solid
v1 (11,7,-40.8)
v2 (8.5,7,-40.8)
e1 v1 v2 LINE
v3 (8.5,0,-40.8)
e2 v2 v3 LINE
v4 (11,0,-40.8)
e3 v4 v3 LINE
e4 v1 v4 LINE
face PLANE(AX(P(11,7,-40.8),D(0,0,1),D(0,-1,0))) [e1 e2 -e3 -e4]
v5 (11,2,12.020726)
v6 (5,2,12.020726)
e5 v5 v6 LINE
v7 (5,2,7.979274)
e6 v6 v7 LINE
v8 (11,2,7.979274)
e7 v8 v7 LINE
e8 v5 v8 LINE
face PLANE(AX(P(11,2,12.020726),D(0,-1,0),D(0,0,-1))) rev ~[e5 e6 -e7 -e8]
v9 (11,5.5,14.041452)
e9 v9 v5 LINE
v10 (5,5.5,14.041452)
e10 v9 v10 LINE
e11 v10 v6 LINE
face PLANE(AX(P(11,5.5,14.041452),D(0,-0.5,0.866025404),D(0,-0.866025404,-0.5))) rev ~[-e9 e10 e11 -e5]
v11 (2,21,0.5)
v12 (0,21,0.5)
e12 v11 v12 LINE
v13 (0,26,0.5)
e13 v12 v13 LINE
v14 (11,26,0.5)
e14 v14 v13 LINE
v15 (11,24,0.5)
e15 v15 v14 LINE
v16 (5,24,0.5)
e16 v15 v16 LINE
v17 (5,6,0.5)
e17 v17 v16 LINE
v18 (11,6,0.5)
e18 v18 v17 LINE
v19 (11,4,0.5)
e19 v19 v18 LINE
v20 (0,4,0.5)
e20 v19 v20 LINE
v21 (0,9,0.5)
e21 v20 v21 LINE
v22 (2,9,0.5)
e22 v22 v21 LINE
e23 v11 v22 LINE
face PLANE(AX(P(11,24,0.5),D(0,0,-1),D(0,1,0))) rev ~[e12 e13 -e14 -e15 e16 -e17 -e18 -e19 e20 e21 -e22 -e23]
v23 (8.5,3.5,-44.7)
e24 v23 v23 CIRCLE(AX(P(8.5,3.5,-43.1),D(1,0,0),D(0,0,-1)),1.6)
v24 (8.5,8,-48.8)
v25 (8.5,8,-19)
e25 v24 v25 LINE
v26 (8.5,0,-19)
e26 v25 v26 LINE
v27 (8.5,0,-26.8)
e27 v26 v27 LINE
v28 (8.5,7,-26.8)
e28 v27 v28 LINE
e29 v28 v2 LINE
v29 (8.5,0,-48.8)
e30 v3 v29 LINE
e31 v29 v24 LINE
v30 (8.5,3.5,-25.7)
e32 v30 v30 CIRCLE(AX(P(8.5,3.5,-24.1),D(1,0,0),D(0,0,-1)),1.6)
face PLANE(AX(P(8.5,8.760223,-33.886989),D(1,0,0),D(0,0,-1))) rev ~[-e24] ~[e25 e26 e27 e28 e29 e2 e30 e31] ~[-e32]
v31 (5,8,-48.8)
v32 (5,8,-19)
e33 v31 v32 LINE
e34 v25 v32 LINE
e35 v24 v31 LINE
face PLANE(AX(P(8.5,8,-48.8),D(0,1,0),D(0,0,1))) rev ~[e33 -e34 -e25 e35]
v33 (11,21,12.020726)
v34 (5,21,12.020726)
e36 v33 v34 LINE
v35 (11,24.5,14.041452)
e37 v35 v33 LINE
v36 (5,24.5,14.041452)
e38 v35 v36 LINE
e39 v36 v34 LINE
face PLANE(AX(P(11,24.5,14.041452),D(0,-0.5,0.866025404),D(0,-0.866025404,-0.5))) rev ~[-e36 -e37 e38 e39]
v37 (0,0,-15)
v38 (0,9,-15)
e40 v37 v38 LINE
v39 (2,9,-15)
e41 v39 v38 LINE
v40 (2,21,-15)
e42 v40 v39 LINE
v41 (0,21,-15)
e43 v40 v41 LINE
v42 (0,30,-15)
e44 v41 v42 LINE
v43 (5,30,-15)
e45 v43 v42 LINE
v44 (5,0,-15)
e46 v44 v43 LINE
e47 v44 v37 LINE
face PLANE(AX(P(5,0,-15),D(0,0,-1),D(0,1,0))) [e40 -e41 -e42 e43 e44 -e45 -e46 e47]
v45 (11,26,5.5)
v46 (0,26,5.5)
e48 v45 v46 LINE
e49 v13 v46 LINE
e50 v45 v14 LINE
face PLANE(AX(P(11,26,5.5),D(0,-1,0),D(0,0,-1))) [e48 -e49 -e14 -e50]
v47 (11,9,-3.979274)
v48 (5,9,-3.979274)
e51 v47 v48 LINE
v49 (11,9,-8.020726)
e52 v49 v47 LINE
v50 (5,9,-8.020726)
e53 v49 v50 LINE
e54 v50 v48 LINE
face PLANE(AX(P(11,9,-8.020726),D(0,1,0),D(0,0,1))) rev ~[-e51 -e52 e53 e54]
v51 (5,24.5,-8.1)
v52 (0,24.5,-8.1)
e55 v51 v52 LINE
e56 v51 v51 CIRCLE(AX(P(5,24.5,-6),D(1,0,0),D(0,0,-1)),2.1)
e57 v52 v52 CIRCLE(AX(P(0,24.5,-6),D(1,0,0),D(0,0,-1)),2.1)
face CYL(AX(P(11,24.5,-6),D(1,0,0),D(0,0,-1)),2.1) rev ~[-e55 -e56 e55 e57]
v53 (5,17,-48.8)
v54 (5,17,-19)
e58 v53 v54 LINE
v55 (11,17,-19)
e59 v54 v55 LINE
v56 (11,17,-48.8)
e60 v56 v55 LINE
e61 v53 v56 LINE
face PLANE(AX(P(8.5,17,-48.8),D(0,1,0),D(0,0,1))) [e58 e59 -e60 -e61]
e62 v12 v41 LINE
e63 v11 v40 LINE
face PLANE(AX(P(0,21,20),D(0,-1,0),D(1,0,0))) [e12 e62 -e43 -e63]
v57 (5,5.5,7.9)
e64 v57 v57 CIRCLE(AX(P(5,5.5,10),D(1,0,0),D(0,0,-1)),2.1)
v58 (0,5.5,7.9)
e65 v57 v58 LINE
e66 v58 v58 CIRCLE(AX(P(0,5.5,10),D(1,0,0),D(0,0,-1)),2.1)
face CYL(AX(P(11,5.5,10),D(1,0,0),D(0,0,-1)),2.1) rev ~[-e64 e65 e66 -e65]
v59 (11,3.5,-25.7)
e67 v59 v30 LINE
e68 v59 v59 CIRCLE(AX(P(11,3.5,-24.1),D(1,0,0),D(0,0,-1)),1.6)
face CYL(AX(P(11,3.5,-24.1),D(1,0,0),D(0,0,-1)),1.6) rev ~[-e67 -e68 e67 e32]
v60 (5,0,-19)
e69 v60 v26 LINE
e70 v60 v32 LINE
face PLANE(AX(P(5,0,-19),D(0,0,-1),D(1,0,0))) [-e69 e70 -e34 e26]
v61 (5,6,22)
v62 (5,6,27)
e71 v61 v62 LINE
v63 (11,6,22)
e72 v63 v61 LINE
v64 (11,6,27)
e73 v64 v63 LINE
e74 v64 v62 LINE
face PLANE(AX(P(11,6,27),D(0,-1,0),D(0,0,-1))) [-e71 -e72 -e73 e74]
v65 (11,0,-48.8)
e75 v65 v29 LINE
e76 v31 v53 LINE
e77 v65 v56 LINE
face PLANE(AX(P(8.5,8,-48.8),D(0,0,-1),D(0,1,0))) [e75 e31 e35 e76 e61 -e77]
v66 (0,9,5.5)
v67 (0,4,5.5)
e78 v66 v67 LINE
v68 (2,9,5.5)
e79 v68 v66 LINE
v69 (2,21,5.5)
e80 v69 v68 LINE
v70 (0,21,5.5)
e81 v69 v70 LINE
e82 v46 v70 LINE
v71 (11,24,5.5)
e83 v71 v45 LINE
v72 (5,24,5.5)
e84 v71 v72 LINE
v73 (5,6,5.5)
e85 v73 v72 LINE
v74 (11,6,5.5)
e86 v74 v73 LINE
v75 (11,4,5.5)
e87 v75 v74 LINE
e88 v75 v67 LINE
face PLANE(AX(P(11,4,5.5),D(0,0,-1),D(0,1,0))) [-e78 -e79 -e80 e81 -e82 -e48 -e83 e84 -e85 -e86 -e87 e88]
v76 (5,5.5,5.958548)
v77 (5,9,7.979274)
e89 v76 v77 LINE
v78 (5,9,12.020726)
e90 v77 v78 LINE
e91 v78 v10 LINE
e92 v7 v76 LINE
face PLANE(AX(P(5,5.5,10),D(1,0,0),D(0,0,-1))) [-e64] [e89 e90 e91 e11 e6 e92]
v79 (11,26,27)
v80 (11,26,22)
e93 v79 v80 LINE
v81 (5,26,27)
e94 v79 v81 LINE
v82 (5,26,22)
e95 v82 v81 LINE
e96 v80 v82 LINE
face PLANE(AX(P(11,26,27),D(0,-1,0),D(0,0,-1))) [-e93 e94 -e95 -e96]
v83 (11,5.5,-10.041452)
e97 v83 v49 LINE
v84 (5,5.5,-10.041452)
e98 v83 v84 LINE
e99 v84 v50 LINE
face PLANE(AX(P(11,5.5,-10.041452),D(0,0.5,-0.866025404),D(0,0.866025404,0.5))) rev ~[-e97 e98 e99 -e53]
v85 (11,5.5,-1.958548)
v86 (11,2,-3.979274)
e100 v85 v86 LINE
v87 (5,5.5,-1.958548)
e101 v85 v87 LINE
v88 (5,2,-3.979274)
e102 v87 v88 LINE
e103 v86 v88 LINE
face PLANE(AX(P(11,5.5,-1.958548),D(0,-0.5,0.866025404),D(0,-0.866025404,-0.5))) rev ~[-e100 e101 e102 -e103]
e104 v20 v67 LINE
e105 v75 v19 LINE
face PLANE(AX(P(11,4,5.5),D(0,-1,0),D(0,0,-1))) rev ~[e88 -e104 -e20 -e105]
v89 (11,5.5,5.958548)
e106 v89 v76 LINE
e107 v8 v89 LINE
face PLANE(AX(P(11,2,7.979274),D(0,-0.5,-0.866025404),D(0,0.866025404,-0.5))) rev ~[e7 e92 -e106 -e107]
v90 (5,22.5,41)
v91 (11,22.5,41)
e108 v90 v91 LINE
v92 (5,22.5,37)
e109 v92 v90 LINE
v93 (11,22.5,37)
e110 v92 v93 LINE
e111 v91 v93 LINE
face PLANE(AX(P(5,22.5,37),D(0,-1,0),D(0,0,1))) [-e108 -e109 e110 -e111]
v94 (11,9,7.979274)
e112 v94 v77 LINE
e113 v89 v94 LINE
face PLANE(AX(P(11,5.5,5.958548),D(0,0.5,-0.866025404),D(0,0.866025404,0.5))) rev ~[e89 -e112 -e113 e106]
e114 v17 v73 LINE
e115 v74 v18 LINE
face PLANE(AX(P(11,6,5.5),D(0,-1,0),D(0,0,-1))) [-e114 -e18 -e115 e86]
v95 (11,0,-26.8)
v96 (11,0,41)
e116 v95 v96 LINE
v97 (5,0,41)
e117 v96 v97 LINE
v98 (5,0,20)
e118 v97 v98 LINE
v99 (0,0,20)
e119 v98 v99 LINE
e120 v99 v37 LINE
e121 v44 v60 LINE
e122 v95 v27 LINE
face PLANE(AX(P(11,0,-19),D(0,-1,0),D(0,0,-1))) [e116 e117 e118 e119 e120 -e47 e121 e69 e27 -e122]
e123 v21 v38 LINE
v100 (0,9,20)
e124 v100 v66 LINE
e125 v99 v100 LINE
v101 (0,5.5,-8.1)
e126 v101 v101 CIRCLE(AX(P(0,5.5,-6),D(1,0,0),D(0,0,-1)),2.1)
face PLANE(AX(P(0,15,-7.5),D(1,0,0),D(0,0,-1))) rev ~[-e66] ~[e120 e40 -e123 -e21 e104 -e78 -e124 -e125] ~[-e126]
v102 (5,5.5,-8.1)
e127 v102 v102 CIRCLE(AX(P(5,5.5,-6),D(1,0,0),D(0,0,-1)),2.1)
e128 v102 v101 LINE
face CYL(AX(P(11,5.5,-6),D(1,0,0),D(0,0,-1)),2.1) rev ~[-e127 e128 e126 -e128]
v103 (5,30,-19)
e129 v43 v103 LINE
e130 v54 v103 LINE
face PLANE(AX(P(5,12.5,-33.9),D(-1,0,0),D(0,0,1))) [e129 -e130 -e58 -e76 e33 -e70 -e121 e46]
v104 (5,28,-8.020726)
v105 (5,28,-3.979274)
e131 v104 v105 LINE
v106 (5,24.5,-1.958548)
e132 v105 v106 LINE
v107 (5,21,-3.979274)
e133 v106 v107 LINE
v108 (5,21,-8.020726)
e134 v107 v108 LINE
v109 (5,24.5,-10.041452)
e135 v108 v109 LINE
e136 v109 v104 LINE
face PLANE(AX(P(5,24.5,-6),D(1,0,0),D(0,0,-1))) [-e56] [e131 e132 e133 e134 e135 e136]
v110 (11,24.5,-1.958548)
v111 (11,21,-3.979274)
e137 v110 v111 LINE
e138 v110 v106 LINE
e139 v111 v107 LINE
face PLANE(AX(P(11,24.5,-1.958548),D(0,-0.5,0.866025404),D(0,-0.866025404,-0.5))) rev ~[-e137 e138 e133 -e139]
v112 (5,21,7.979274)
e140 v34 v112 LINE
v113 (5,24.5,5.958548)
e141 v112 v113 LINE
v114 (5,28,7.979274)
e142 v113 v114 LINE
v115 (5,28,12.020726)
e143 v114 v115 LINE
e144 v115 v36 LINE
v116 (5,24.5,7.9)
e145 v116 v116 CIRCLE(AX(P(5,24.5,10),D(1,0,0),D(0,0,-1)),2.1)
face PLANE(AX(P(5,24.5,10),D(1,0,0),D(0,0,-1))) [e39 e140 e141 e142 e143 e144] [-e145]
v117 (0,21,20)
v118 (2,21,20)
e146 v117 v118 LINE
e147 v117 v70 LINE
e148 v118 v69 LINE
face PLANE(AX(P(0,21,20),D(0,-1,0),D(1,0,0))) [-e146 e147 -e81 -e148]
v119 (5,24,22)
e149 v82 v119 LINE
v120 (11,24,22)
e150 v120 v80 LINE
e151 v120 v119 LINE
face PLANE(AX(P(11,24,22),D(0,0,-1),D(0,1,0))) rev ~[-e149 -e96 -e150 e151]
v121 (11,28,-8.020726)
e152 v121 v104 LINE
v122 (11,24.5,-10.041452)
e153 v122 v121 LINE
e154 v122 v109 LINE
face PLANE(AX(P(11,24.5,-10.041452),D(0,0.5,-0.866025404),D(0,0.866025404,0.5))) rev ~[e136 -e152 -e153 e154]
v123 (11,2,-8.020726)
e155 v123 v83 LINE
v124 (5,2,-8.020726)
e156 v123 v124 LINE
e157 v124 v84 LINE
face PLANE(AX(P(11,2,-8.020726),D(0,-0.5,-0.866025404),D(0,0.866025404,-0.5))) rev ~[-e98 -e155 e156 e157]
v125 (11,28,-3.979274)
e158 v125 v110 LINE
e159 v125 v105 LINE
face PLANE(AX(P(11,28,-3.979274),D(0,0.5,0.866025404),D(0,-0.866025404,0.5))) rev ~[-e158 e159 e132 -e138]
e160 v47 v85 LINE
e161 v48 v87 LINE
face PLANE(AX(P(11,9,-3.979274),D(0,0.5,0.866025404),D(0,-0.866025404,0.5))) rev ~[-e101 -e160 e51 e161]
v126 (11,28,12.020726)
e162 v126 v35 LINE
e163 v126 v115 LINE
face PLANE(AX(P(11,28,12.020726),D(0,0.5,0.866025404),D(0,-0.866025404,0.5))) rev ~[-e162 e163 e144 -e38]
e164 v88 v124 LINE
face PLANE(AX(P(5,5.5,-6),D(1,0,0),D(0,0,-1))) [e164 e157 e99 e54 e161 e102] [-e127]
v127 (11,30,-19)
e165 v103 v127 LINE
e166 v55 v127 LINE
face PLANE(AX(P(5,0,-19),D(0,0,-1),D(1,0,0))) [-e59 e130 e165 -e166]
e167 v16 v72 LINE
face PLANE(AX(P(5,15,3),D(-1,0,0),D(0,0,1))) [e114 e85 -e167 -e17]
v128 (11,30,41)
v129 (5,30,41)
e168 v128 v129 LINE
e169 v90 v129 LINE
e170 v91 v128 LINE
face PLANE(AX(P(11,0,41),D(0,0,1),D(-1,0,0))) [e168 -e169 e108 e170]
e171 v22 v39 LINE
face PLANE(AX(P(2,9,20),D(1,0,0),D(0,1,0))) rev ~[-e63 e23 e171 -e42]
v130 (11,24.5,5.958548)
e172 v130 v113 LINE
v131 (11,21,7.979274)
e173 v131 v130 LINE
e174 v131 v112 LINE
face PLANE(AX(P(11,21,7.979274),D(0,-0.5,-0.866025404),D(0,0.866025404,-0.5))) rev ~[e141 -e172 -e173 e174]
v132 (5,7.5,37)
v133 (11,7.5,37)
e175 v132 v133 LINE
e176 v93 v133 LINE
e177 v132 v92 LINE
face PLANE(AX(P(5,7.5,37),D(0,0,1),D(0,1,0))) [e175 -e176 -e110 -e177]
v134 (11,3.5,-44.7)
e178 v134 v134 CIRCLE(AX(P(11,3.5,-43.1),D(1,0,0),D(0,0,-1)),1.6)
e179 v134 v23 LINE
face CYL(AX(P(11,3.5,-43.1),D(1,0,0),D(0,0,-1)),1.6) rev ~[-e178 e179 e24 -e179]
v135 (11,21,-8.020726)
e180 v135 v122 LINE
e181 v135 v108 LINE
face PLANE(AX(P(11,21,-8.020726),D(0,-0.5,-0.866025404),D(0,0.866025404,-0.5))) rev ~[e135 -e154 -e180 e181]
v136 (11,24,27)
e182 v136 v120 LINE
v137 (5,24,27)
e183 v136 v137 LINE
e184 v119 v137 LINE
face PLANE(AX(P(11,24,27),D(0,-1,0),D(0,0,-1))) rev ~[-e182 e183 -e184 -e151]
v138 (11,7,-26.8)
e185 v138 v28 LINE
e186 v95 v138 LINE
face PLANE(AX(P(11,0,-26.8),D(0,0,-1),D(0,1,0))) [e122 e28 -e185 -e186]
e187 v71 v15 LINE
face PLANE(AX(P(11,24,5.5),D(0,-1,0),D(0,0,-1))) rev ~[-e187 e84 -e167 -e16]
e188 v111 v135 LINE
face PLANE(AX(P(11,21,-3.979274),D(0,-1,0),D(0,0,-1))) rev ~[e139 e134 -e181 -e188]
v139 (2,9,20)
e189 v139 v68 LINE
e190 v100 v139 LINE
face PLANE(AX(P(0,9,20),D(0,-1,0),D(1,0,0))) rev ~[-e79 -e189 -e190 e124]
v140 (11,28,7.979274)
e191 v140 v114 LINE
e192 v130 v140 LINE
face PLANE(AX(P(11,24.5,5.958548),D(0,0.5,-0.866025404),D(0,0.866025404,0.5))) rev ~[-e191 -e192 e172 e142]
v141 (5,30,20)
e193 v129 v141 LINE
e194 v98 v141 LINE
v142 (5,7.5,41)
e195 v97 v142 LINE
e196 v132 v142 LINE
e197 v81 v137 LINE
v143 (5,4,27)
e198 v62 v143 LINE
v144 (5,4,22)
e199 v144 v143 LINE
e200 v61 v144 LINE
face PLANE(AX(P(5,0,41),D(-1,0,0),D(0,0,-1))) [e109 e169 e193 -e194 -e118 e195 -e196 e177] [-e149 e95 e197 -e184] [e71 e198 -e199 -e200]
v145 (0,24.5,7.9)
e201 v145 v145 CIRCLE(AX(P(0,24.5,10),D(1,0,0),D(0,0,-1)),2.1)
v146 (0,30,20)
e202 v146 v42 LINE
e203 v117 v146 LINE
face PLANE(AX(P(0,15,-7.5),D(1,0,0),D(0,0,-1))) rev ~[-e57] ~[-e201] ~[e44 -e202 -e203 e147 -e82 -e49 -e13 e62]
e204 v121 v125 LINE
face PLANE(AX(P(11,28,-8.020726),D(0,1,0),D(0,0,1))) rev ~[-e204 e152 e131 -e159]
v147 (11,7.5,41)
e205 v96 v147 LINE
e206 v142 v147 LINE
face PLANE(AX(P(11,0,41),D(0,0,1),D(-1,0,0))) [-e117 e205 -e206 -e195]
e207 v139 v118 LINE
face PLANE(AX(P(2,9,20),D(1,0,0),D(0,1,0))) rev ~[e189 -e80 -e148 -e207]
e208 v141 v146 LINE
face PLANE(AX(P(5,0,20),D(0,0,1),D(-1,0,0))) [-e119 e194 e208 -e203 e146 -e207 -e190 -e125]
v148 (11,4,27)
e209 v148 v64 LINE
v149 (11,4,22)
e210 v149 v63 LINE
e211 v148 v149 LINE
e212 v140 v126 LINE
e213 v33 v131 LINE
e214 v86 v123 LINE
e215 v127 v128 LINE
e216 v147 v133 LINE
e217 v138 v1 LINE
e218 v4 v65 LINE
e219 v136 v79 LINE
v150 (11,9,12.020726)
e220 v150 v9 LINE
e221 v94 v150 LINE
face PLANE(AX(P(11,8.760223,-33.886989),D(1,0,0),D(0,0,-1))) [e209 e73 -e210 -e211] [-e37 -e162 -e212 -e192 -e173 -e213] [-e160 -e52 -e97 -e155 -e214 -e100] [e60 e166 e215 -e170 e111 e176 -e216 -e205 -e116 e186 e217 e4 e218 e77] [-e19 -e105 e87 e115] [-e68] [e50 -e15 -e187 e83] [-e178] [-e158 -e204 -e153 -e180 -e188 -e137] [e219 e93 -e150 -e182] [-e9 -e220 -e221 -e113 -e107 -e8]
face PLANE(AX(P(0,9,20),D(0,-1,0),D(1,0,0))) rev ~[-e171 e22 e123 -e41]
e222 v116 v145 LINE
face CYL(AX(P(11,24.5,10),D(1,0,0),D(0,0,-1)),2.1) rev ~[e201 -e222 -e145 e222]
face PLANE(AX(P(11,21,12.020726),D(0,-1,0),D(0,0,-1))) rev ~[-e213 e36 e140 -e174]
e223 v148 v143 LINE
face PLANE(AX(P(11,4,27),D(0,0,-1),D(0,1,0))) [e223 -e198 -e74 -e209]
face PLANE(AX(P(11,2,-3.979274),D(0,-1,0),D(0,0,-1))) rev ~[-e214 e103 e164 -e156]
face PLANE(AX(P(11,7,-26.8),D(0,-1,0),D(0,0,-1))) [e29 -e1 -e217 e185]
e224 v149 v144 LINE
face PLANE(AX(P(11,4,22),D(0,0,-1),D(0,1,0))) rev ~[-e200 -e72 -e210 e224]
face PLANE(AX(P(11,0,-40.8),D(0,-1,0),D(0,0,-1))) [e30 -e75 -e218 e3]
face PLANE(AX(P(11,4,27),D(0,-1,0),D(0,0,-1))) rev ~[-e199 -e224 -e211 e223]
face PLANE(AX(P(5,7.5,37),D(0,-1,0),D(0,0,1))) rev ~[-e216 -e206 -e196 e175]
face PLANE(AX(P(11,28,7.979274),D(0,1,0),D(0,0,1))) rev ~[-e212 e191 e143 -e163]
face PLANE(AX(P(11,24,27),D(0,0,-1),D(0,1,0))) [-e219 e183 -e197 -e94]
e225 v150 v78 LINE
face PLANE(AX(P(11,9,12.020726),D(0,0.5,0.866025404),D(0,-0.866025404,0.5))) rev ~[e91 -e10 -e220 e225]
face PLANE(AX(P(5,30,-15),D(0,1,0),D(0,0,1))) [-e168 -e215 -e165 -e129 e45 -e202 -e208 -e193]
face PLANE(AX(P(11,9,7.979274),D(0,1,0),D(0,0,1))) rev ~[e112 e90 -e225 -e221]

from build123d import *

# Parameters (mm, degrees)
BOSS_EXTRUDE1_DEPTH = 30
CUT_EXTRUDE1_REACH  = 53.981
SKETCH2_R           = 2.1
CUT_EXTRUDE2_DEPTH  = 6
SKETCH4_W           = 5
SKETCH4_H           = 2
CUT_EXTRUDE3_DEPTH  = 52.980765673
SKETCH5_W           = 5
SKETCH5_H           = 18
CUT_EXTRUDE4_DEPTH  = 5
SKETCH6_W           = 4
SKETCH6_H           = 15
CUT_EXTRUDE5_DEPTH  = 52.15662225
BOSS_EXTRUDE2_DEPTH = 5
SKETCH7_W           = 2
SKETCH7_H           = 12
CUT_EXTRUDE6_DEPTH  = 51.418250664
LPATTERN1_COUNT     = 2
LPATTERN1_PITCH     = 16
BOSS_EXTRUDE3_DEPTH = 2.5
SKETCH10_W          = 29.8
SKETCH10_H          = 9
BOSS_EXTRUDE4_DEPTH = 3.5
SKETCH11_R          = 1.6
CUT_EXTRUDE7_DEPTH  = 59.330438023


with BuildPart() as part:
    # Sketch1 → Boss-Extrude1 (new body)
    with BuildSketch(Plane(origin=(0, 0, 0), x_dir=(1, 0, 0), z_dir=(0, 1, 0))):
        Polygon((0, 0), (5, 0), (5, 19), (11, 19), (11, -41), (5, -41), (5, -20), (0, -20), align=None)
    extrude(amount=BOSS_EXTRUDE1_DEPTH)

    # Sketch2 → Cut-Extrude1 (cut, up to next)
    with BuildSketch(Plane(origin=(11, 0, 0), x_dir=(0, 0, -1), z_dir=(1, 0, 0)), mode=Mode.PRIVATE) as cut_extrude1_sk1:
        with Locations((-10, 24.5)):
            Circle(SKETCH2_R)
    cut_extrude1_tool1 = extrude(cut_extrude1_sk1.sketch, amount=-CUT_EXTRUDE1_REACH, mode=Mode.PRIVATE) & part.part
    # Sketch2 → Cut-Extrude1 (cut, up to next)
    with BuildSketch(Plane(origin=(11, 0, 0), x_dir=(0, 0, -1), z_dir=(1, 0, 0)), mode=Mode.PRIVATE) as cut_extrude1_sk2:
        with Locations((-10, 5.5)):
            Circle(SKETCH2_R)
    cut_extrude1_tool2 = extrude(cut_extrude1_sk2.sketch, amount=-CUT_EXTRUDE1_REACH, mode=Mode.PRIVATE) & part.part
    cut_extrude1_1 = cut_extrude1_tool1.solids().sort_by_distance((11, 24.5, 10))[0]
    add(cut_extrude1_1, mode=Mode.SUBTRACT)
    cut_extrude1_2 = cut_extrude1_tool2.solids().sort_by_distance((11, 5.5, 10))[0]
    add(cut_extrude1_2, mode=Mode.SUBTRACT)
    cut_extrude1 = cut_extrude1_1 + cut_extrude1_2  # Cut-Extrude1 as one shape, for the pattern or mirror that repeats it

    # Sketch3 → Cut-Extrude2 (cut)
    with BuildSketch(Plane(origin=(11, 0, 0), x_dir=(0, 0, -1), z_dir=(1, 0, 0))):
        Polygon((-14.041451884, 24.5), (-12.020725942, 21), (-7.979274058, 21), (-5.958548116, 24.5), (-7.979274058, 28), (-12.020725942, 28), align=None)
        Polygon((-14.041451884, 5.5), (-12.020725942, 2), (-7.979274058, 2), (-5.958548116, 5.5), (-7.979274058, 9), (-12.020725942, 9), align=None)
    cut_extrude2 = extrude(amount=-CUT_EXTRUDE2_DEPTH, mode=Mode.SUBTRACT)

    # Sketch4 → Cut-Extrude3 (cut, through all)
    with BuildSketch(Plane(origin=(11, 0, 0), x_dir=(0, 0, -1), z_dir=(1, 0, 0))):
        with Locations((-24.5, 25)):
            Rectangle(SKETCH4_W, SKETCH4_H)
        with Locations((-24.5, 5)):
            Rectangle(SKETCH4_W, SKETCH4_H)
        with Locations((-3, 25)):
            Rectangle(SKETCH4_W, SKETCH4_H)
        with Locations((-3, 5)):
            Rectangle(SKETCH4_W, SKETCH4_H)
    extrude(amount=-CUT_EXTRUDE3_DEPTH, mode=Mode.SUBTRACT)

    # Sketch5 → Cut-Extrude4 (cut)
    with BuildSketch(Plane.ZY):
        with Locations((3, 15)):
            Rectangle(SKETCH5_W, SKETCH5_H)
    extrude(amount=-CUT_EXTRUDE4_DEPTH, mode=Mode.SUBTRACT)

    # Sketch6 → Cut-Extrude5 (cut, through all)
    with BuildSketch(Plane.ZY.offset(-5)):
        with Locations((39, 15)):
            Rectangle(SKETCH6_W, SKETCH6_H)
    extrude(amount=-CUT_EXTRUDE5_DEPTH, mode=Mode.SUBTRACT)

    # Sketch8 → Boss-Extrude2 (add)
    with BuildSketch(Plane.ZY.offset(-5)):
        Polygon((0, 30), (0, 14.791308029), (0, 0), (-15, 0), (-15, 30), align=None)
    extrude(amount=BOSS_EXTRUDE2_DEPTH)

    # Sketch7 → Cut-Extrude6 (cut, through all)
    with BuildSketch(Plane.XY.offset(20)):
        with Locations((1, 15)):
            Rectangle(SKETCH7_W, SKETCH7_H)
    extrude(amount=-CUT_EXTRUDE6_DEPTH, mode=Mode.SUBTRACT)

    # LPattern1: Cut-Extrude1, Cut-Extrude2 ×2
    with Locations(*[(0, 0, -i * LPATTERN1_PITCH) for i in range(1, LPATTERN1_COUNT)]):
        add(cut_extrude1, mode=Mode.SUBTRACT)
        add(cut_extrude2, mode=Mode.SUBTRACT)

    # Sketch9 → Boss-Extrude3 (add)
    with BuildSketch(Plane(origin=(11, 0, 0), x_dir=(0, 0, -1), z_dir=(1, 0, 0))):
        Polygon((19, 0), (26.8, 0), (26.8, 7), (40.8, 7), (40.8, 0), (48.8, 0), (48.8, 17), (19, 17), align=None)
    extrude(amount=-BOSS_EXTRUDE3_DEPTH)

    # Sketch10 → Boss-Extrude4 (add)
    with BuildSketch(Plane.ZY.offset(-8.5)):
        with Locations((-33.9, 12.5)):
            Rectangle(SKETCH10_W, SKETCH10_H)
    extrude(amount=BOSS_EXTRUDE4_DEPTH)

    # Sketch11 → Cut-Extrude7 (cut, through all)
    with BuildSketch(Plane(origin=(11, 0, 0), x_dir=(0, 0, -1), z_dir=(1, 0, 0))):
        with Locations((43.1, 3.5)):
            Circle(SKETCH11_R)
        with Locations((24.1, 3.5)):
            Circle(SKETCH11_R)
    extrude(amount=-CUT_EXTRUDE7_DEPTH, mode=Mode.SUBTRACT)


solid = part.part
